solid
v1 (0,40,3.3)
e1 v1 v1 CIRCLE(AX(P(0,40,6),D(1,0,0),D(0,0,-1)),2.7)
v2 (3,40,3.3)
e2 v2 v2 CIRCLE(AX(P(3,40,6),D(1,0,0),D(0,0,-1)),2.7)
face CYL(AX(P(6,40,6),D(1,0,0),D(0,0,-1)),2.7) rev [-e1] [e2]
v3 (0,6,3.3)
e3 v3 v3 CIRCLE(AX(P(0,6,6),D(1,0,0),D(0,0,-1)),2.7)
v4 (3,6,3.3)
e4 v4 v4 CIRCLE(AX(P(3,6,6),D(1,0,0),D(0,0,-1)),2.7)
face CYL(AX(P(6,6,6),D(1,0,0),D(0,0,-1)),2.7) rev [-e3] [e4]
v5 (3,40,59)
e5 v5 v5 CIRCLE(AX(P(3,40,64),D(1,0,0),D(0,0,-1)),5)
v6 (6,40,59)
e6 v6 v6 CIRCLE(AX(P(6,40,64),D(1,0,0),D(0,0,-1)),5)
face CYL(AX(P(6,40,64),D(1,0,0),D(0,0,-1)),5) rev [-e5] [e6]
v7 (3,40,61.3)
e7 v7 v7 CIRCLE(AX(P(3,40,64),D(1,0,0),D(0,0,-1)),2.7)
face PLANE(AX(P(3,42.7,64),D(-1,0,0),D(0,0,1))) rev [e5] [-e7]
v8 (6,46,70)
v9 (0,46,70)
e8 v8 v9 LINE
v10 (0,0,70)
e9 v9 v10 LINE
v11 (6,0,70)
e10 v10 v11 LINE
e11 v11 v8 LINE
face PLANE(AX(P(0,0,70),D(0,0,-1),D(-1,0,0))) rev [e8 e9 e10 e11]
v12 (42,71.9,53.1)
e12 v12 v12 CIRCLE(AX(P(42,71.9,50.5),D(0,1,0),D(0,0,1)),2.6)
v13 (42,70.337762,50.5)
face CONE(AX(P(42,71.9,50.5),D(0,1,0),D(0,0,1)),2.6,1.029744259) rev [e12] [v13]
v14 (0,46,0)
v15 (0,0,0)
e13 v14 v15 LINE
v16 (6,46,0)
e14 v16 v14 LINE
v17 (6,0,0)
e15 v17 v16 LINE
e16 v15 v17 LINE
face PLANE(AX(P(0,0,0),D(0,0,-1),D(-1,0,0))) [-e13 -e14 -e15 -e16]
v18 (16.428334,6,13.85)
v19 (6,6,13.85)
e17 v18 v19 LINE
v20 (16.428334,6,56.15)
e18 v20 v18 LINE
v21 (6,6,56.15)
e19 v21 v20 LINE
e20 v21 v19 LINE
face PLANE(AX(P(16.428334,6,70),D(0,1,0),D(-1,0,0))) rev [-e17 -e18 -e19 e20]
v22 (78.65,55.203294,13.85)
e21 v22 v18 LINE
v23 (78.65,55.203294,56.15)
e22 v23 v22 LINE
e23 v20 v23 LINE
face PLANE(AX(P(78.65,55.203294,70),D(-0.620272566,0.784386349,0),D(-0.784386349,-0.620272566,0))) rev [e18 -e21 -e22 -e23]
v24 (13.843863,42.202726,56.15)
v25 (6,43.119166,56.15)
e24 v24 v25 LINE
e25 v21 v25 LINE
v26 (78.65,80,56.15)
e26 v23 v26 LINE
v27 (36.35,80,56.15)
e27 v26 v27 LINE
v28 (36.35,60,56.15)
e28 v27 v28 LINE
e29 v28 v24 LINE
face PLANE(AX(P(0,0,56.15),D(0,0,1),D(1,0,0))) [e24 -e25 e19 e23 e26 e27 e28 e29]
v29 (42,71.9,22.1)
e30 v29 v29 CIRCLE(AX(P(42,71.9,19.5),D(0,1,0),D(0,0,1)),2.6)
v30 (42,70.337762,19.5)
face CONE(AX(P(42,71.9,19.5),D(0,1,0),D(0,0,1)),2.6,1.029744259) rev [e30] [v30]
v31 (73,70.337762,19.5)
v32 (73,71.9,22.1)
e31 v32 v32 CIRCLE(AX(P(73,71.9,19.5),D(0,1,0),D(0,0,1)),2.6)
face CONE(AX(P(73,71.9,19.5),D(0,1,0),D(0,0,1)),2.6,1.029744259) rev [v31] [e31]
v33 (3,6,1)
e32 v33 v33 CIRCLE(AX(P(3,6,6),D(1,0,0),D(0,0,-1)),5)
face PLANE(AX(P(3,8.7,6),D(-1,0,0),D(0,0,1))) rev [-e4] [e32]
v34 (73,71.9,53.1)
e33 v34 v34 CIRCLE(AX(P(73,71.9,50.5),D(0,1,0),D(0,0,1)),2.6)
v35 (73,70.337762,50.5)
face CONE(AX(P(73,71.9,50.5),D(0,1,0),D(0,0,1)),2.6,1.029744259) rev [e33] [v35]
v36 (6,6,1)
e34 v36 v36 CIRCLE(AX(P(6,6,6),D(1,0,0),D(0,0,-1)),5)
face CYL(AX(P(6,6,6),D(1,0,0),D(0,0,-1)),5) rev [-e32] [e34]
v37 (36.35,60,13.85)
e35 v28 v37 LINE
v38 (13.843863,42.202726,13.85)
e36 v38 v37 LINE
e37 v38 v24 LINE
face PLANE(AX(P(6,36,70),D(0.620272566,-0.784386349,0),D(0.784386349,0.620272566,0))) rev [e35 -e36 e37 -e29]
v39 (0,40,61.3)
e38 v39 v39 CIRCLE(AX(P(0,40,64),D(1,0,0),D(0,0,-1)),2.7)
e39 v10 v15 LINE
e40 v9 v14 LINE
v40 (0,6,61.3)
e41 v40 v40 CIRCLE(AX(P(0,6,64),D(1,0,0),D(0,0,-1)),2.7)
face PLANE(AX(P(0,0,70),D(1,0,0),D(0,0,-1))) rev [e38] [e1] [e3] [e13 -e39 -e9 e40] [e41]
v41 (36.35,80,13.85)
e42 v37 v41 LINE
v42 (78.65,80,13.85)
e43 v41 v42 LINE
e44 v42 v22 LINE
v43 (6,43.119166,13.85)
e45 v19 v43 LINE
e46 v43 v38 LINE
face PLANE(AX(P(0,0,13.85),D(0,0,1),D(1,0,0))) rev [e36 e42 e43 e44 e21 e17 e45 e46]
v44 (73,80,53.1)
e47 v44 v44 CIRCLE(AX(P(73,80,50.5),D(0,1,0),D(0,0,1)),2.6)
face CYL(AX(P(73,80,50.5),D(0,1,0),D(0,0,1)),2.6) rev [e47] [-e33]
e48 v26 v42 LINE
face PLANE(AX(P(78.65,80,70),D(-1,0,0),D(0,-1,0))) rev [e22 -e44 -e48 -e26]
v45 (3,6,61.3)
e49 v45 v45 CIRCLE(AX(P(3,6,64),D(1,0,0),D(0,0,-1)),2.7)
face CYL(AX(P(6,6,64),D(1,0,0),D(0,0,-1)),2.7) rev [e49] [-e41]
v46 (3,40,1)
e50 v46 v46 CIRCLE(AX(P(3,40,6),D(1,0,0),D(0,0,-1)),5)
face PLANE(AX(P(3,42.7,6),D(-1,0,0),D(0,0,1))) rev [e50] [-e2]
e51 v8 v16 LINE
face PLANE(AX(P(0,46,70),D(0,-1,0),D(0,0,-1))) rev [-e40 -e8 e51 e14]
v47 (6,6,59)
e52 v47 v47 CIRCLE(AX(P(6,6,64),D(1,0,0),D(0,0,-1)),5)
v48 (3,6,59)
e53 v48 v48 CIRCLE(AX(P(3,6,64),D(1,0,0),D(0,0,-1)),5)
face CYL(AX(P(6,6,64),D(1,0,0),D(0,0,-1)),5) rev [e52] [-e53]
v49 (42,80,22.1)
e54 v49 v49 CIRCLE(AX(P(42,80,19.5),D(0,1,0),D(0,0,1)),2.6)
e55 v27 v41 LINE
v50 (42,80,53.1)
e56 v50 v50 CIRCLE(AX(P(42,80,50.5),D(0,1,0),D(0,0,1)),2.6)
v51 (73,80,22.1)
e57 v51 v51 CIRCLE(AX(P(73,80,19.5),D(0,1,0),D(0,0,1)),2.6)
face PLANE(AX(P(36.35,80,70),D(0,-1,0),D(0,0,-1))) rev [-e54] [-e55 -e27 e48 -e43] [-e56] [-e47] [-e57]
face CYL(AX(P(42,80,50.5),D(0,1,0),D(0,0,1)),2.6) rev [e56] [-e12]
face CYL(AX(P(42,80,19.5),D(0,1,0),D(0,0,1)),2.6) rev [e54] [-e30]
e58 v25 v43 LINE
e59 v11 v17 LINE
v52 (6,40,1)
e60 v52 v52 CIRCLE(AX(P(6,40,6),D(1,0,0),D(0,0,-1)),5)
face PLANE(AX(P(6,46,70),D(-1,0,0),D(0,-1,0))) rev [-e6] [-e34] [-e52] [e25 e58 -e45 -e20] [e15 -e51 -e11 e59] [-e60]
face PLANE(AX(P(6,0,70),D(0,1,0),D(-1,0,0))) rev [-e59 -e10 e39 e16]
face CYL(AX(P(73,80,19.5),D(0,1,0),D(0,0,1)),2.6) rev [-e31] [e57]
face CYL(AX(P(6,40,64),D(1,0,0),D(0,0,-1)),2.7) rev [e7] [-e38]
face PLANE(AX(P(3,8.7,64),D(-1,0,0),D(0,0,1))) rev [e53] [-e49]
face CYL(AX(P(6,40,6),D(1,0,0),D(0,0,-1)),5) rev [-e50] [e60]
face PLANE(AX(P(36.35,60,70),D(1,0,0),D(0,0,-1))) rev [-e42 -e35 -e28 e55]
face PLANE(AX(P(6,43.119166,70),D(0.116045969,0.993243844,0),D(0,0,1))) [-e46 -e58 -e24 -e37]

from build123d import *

# Parameters (mm, degrees)
ESTRUSIONE_ESTRUSIONE1_DEPTH                         = 70
TAGLIO_ESTRUSIONE2_DEPTH                             = 133.233968783
TAGLIO_ESTRUSIONE2_DEPTH_BACK                        = 13.85
TAGLIO_ESTRUSIONE3_DEPTH                             = 13.85
FORO_LAMATO_PER_BULLONE_M12_A_TESTA_ESAG_D           = 5.4
FORO_LAMATO_PER_BULLONE_M12_A_TESTA_ESAG_DEPTH       = 18.1
FORO_LAMATO_PER_BULLONE_M12_A_TESTA_ESAG_CBORE_D     = 10
FORO_LAMATO_PER_BULLONE_M12_A_TESTA_ESAG_CBORE_DEPTH = 3
FORO_LAMATO_PER_BULLONE_M12_A_TESTA_ESAG_TIP         = 1.622323671
SMUSSO1_SIZE                                         = 10
SMUSSO1_SIZE2                                        = 7.11916601
FORO_PER_VITE_M4_1_D                                 = 5.2
FORO_PER_VITE_M4_1_DEPTH                             = 8.1
FORO_PER_VITE_M4_1_TIP                               = 1.562237609


with BuildPart() as part:
    # Schizzo1 → Estrusione-Estrusione1 (new body)
    with BuildSketch(Plane.XY):
        Polygon((0, 0), (0, 46), (6, 46), (6, 36), (36.35, 60), (36.35, 80), (78.65, 80), (78.65, 55.203294303), (16.42833408, 6), (6, 6), (6, 0), align=None)
    extrude(amount=ESTRUSIONE_ESTRUSIONE1_DEPTH)

    # Schizzo3 → Taglio-Estrusione2 (cut, two sides: drawn at the far end of the back side and taken through both)
    with BuildSketch(Plane.XY.offset(70).offset(-TAGLIO_ESTRUSIONE2_DEPTH_BACK)):
        Polygon((6, 6), (6, 36), (36.35, 60), (36.35, 80), (78.65, 80), (78.65, 55.203294303), (16.42833408, 6), align=None)
    extrude(amount=TAGLIO_ESTRUSIONE2_DEPTH + TAGLIO_ESTRUSIONE2_DEPTH_BACK, mode=Mode.SUBTRACT)

    # Schizzo4 → Taglio-Estrusione3 (cut)
    with BuildSketch(Plane(origin=(0, 0, 0), x_dir=(-1, 0, 0), z_dir=(0, 0, -1))):
        Polygon((-36.35, 60), (-36.35, 80), (-78.65, 80), (-78.65, 55.203294303), (-16.42833408, 6), (-6, 6), (-6, 36), align=None)
    extrude(amount=-TAGLIO_ESTRUSIONE3_DEPTH, mode=Mode.SUBTRACT)

    # Foro lamato per Bullone M12 a testa esagonale (Classe superiore)-1
    with Locations(Plane(origin=(6, 0, 0), x_dir=(0, 0, -1), z_dir=(1, 0, 0))):
        with Locations((-64, 6), (-6, 6), (-6, 40), (-64, 40)):
            CounterBoreHole(FORO_LAMATO_PER_BULLONE_M12_A_TESTA_ESAG_D / 2, FORO_LAMATO_PER_BULLONE_M12_A_TESTA_ESAG_CBORE_D / 2, FORO_LAMATO_PER_BULLONE_M12_A_TESTA_ESAG_CBORE_DEPTH, depth=FORO_LAMATO_PER_BULLONE_M12_A_TESTA_ESAG_DEPTH)
            with Locations((0, 0, -(FORO_LAMATO_PER_BULLONE_M12_A_TESTA_ESAG_DEPTH + FORO_LAMATO_PER_BULLONE_M12_A_TESTA_ESAG_TIP / 2))):  # 118° drill point
                Cone(0, FORO_LAMATO_PER_BULLONE_M12_A_TESTA_ESAG_D / 2, FORO_LAMATO_PER_BULLONE_M12_A_TESTA_ESAG_TIP, mode=Mode.SUBTRACT)

    # Smusso1
    smusso1_edges = [part.edges().sort_by_distance(p)[0] for p in [
        (6, 36, 35),
    ]]
    smusso1_side = [part.faces().sort_by_distance(p)[0] for p in [
        (21.175, 48, 35),
    ]]
    chamfer(smusso1_edges, length=SMUSSO1_SIZE, length2=SMUSSO1_SIZE2, reference=smusso1_side[0])

    # Foro per Vite M4-1
    with Locations(Plane(origin=(0, 80, 0), x_dir=(1, 0, 0), z_dir=(0, 1, 0))):
        with Locations((42, -19.5), (73, -19.5), (73, -50.5), (42, -50.5)):
            Hole(FORO_PER_VITE_M4_1_D / 2, depth=FORO_PER_VITE_M4_1_DEPTH)
            with Locations((0, 0, -(FORO_PER_VITE_M4_1_DEPTH + FORO_PER_VITE_M4_1_TIP / 2))):  # 118° drill point
                Cone(0, FORO_PER_VITE_M4_1_D / 2, FORO_PER_VITE_M4_1_TIP, mode=Mode.SUBTRACT)


solid = part.part
